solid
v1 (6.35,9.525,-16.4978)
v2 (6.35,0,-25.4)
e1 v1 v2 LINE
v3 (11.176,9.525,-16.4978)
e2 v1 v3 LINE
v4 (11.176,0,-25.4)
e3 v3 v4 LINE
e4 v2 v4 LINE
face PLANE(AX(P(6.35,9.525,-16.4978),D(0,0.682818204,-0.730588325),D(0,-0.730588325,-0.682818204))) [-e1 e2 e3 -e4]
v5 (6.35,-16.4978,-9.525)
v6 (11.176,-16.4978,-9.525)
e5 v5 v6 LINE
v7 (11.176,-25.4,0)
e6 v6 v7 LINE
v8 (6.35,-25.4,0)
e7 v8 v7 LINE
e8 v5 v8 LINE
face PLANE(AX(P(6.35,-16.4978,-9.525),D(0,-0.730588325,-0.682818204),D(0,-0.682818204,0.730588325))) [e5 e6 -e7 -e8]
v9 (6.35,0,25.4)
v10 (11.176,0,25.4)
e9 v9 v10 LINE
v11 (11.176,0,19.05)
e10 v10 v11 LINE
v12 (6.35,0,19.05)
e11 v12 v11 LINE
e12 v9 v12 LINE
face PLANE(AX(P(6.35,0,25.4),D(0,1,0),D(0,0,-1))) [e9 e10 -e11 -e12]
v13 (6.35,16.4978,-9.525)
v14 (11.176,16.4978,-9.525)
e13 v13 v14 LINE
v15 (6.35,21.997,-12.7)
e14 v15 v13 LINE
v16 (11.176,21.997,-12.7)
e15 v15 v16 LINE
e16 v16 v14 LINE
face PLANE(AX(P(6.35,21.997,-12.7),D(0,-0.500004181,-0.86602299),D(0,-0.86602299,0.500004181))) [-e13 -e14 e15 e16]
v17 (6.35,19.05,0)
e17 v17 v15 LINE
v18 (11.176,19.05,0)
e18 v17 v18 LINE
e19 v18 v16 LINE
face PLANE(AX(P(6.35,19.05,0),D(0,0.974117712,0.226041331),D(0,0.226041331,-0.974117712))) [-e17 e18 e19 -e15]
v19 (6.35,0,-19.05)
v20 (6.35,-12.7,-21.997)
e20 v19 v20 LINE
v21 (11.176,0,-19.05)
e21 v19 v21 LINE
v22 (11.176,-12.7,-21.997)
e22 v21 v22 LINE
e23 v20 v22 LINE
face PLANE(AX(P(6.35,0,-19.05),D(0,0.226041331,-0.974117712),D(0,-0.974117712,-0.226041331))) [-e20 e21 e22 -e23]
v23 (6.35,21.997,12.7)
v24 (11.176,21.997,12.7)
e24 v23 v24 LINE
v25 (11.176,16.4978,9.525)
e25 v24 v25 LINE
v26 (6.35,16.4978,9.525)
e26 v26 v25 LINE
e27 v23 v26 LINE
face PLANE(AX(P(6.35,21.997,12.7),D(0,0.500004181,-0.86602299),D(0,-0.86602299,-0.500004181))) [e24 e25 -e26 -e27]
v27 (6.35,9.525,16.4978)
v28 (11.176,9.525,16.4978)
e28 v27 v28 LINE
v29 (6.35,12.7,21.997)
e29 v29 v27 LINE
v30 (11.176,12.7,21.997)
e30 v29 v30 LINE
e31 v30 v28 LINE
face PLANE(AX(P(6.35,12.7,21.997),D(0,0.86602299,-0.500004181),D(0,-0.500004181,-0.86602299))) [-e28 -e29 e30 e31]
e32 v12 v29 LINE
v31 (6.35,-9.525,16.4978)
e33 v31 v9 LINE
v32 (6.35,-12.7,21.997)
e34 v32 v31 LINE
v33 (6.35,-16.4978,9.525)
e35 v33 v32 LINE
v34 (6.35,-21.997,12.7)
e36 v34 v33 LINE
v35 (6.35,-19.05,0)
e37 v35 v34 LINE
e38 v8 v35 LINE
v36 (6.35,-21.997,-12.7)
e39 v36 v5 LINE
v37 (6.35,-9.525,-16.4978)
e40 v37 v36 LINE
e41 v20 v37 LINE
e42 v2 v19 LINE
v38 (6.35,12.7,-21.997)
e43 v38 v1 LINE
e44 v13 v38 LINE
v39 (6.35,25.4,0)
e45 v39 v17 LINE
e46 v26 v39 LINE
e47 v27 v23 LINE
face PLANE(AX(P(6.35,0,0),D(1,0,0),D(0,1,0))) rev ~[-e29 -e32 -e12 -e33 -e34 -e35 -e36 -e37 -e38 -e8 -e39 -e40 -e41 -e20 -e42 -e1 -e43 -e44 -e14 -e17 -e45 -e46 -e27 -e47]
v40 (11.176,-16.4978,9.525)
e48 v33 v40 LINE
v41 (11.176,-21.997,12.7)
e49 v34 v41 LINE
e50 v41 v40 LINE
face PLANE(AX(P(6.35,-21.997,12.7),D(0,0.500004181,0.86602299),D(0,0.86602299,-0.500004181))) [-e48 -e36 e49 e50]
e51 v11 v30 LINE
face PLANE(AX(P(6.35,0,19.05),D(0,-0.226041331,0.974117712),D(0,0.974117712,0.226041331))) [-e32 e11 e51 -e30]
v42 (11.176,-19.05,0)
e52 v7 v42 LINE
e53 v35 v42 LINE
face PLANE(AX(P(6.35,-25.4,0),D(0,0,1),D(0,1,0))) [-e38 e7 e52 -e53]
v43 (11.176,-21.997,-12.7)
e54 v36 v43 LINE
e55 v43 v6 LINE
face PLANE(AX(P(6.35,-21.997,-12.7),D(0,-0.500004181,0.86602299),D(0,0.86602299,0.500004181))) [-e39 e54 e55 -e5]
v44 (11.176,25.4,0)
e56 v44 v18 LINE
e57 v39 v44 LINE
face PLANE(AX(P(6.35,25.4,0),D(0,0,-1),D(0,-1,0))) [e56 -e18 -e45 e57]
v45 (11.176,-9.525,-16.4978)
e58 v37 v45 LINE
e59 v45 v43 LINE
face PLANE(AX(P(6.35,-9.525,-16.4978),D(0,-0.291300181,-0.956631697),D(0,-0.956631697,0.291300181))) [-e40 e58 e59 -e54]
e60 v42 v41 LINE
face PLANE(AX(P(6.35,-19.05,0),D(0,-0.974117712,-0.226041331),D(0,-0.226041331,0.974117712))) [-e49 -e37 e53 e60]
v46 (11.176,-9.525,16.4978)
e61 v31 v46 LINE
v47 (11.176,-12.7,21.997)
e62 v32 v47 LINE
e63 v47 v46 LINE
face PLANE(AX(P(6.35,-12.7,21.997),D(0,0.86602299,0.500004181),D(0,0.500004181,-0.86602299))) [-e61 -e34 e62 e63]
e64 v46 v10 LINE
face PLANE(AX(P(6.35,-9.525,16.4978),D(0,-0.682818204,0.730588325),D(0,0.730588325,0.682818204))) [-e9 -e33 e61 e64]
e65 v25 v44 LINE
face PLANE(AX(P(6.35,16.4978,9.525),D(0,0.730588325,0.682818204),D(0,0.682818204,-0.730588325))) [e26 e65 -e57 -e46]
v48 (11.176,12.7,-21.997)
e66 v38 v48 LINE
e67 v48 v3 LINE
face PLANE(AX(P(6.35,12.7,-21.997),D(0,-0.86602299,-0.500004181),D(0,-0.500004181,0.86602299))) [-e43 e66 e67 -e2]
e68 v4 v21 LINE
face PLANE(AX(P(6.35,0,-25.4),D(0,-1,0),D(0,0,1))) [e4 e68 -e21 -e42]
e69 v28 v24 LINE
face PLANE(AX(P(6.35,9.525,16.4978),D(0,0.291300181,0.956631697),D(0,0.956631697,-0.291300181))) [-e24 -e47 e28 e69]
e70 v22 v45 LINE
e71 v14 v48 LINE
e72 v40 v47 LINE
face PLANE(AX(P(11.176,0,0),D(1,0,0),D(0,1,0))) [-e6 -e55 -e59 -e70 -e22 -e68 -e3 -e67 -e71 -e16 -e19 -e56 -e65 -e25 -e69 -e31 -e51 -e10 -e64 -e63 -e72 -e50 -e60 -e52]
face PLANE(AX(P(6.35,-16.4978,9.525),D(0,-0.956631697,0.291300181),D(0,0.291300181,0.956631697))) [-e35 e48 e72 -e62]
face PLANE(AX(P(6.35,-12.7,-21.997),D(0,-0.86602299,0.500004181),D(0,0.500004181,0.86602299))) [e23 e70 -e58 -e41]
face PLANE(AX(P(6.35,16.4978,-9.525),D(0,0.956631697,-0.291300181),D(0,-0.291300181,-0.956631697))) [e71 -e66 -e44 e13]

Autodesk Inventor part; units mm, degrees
ref_plane "XZ Plane" through (0, 0, 0) normal (0, 1, 0) x (-1, 0, 0)
ref_plane "XY Plane" through (0, 0, 0) normal (0, 0, 1) x (1, 0, 0)
sketch "Sketch1" plane through (0, 0, 0) normal (1, 0, 0) x (0, 1, 0)
  line L0 (16.4978, 9.525) -> (25.4, 0)
  line L1 (25.4, 0) -> (19.05, 0)
  line L2 (9.525, 16.4978) -> (21.997, 12.7)
  line L3 (21.997, 12.7) -> (16.4978, 9.525)
  line L4 (0, 19.05) -> (12.7, 21.997)
  line L5 (12.7, 21.997) -> (9.525, 16.4978)
  line L6 (-9.525, 16.4978) -> (0, 25.4)
  line L7 (0, 25.4) -> (0, 19.05)
  line L8 (-16.4978, 9.525) -> (-12.7, 21.997)
  line L9 (-12.7, 21.997) -> (-9.525, 16.4978)
  line L10 (-19.05, 0) -> (-21.997, 12.7)
  line L11 (-21.997, 12.7) -> (-16.4978, 9.525)
  line L12 (-16.4978, -9.525) -> (-25.4, 0)
  line L13 (-25.4, 0) -> (-19.05, 0)
  line L14 (-9.525, -16.4978) -> (-21.997, -12.7)
  line L15 (-21.997, -12.7) -> (-16.4978, -9.525)
  line L16 (0, -19.05) -> (-12.7, -21.997)
  line L17 (-12.7, -21.997) -> (-9.525, -16.4978)
  line L18 (9.525, -16.4978) -> (0, -25.4)
  line L19 (0, -25.4) -> (0, -19.05)
  line L20 (16.4978, -9.525) -> (12.7, -21.997)
  line L21 (12.7, -21.997) -> (9.525, -16.4978)
  line L22 (19.05, 0) -> (21.997, -12.7)
  line L23 (21.997, -12.7) -> (16.4978, -9.525)
  point P0 (0, 0)
  dimension "d7" = 360
ref_plane "Work Plane1" through (6.35, 0, 0) normal (1, 0, 0) x (0, 1, 0)
sketch "Sketch2" plane through (6.35, 0, 0) normal (1, 0, 0) x (0, 1, 0)
  line L0 (21.997, 12.7) -> (16.4978, 9.525)
  line L1 (16.4978, 9.525) -> (25.4, 0)
  line L2 (25.4, 0) -> (19.05, 0)
  line L3 (19.05, 0) -> (21.997, -12.7)
  line L4 (21.997, -12.7) -> (16.4978, -9.525)
  line L5 (16.4978, -9.525) -> (12.7, -21.997)
  line L6 (12.7, -21.997) -> (9.525, -16.4978)
  line L7 (9.525, -16.4978) -> (0, -25.4)
  line L8 (0, -25.4) -> (0, -19.05)
  line L9 (0, -19.05) -> (-12.7, -21.997)
  line L10 (-12.7, -21.997) -> (-9.525, -16.4978)
  line L11 (-9.525, -16.4978) -> (-21.997, -12.7)
  line L12 (-21.997, -12.7) -> (-16.4978, -9.525)
  line L13 (-16.4978, -9.525) -> (-25.4, 0)
  line L14 (-25.4, 0) -> (-19.05, 0)
  line L15 (-19.05, 0) -> (-21.997, 12.7)
  line L16 (-21.997, 12.7) -> (-16.4978, 9.525)
  line L17 (-16.4978, 9.525) -> (-12.7, 21.997)
  line L18 (-12.7, 21.997) -> (-9.525, 16.4978)
  line L19 (-9.525, 16.4978) -> (0, 25.4)
  line L20 (0, 25.4) -> (0, 19.05)
  line L21 (0, 19.05) -> (12.7, 21.997)
  line L22 (12.7, 21.997) -> (9.525, 16.4978)
  line L23 (9.525, 16.4978) -> (21.997, 12.7)
  point P0 (0, 0)
extrude "Extrusion1" add sketch "Sketch2" along normal blind 4.826
properties part number "ratchet_gear"
